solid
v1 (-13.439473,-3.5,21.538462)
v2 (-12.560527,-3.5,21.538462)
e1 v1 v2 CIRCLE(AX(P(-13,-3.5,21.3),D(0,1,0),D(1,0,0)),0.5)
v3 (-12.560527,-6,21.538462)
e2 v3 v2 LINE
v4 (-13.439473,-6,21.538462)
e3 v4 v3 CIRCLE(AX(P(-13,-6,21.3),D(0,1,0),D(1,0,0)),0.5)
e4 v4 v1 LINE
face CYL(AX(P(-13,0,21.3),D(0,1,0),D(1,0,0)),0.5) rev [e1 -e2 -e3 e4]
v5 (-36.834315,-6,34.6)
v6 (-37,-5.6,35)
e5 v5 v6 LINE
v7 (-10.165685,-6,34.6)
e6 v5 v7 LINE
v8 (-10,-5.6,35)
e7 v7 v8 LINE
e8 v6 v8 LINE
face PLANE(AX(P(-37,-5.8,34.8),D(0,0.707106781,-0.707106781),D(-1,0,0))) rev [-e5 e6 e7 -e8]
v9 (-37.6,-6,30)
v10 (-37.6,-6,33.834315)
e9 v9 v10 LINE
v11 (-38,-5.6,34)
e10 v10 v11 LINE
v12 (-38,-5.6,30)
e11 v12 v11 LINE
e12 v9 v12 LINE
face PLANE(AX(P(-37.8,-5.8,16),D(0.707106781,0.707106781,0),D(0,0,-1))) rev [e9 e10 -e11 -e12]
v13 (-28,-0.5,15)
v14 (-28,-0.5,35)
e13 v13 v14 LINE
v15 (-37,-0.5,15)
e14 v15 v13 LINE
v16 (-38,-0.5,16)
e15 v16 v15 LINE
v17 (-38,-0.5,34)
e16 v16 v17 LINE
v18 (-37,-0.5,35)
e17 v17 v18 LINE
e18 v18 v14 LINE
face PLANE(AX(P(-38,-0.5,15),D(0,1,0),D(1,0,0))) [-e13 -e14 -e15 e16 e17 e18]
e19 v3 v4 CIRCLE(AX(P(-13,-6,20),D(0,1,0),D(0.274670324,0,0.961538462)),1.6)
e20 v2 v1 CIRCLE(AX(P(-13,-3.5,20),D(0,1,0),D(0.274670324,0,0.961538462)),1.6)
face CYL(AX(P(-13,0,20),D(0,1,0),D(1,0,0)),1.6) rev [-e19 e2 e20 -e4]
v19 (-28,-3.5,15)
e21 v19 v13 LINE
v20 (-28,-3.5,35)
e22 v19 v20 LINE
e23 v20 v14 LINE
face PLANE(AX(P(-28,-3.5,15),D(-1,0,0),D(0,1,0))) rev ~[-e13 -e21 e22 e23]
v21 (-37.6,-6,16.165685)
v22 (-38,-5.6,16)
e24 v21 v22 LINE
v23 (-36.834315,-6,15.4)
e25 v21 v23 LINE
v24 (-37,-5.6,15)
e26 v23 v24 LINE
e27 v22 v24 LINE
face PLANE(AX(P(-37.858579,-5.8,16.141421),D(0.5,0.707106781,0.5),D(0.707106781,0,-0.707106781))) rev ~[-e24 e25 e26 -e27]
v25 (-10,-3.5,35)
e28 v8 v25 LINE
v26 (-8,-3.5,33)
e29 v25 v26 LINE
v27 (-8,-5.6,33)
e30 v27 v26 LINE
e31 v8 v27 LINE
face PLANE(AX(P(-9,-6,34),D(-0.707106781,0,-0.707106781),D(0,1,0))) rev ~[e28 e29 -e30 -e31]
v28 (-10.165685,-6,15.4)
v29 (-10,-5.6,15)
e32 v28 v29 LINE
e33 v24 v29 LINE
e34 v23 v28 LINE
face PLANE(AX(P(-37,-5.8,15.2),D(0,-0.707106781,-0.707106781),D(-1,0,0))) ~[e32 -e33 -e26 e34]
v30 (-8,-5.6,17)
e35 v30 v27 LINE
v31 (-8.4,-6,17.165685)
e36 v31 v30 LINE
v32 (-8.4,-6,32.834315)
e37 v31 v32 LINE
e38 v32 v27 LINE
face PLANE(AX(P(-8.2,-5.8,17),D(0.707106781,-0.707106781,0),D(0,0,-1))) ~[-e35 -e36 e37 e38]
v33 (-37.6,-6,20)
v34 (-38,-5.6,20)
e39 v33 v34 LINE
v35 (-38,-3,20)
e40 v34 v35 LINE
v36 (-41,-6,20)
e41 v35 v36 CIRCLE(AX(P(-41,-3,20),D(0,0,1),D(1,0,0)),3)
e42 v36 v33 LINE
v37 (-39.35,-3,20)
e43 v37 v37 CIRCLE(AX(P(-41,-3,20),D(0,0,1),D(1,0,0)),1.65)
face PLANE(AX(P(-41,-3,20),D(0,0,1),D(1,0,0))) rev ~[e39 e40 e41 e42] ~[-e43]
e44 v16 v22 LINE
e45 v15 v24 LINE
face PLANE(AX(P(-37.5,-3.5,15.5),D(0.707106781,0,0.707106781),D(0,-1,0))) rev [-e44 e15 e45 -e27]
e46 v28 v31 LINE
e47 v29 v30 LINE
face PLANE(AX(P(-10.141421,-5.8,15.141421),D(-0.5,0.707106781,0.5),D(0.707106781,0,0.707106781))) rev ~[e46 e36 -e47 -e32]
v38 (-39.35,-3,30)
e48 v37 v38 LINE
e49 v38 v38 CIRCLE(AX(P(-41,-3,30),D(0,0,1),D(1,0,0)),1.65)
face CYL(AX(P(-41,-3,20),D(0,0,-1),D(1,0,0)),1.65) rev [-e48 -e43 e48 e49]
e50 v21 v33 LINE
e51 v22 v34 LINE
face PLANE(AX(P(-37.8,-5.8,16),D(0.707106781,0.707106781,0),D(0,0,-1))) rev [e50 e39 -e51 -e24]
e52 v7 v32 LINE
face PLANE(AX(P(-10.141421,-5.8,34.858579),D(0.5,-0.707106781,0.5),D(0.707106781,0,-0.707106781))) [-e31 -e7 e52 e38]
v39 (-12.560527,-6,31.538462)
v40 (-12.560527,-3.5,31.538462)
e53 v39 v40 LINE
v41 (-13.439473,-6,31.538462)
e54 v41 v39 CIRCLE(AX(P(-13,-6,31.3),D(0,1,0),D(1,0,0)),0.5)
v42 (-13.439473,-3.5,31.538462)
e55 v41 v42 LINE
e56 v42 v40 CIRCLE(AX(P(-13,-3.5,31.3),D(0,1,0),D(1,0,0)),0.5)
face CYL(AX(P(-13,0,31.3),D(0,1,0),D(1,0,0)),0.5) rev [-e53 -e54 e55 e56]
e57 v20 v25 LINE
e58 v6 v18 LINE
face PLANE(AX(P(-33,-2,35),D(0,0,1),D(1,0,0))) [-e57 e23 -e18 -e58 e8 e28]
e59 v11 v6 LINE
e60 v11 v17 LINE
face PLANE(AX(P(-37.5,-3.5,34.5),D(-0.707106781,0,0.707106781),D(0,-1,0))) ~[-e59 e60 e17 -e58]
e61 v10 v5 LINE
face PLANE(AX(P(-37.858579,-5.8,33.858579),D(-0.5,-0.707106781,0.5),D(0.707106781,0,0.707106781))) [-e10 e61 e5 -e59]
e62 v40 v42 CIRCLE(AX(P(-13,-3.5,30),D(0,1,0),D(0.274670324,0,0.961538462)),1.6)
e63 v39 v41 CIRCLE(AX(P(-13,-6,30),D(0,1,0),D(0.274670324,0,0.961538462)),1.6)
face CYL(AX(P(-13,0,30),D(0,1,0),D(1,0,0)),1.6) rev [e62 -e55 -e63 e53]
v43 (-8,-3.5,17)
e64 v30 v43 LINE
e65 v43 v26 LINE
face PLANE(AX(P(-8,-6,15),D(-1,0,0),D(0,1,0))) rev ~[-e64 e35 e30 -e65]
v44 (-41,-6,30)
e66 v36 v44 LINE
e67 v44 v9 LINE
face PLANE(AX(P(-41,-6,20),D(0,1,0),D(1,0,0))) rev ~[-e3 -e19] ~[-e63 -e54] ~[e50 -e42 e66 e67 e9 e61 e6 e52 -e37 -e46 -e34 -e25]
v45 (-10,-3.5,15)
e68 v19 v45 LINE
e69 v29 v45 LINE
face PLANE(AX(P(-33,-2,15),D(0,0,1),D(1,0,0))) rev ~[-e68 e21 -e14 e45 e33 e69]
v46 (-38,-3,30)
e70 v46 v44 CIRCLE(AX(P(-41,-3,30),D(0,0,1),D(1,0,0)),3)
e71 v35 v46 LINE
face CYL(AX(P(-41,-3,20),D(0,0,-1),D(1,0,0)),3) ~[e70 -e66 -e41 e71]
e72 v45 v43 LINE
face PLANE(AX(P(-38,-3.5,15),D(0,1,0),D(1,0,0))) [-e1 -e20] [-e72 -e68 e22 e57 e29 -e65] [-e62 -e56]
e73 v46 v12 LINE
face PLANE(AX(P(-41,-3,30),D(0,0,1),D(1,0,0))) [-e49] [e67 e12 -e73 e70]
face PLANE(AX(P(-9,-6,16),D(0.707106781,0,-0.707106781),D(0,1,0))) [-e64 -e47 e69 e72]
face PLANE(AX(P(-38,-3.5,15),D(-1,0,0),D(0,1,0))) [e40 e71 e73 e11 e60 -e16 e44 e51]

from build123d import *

# Parameters (mm, degrees)
BOX027_W          = 10
BOX027_H          = 3
BOX027_DEPTH      = 20
CHAMFER013_SIZE   = 1
CYLINDER003_R     = 0.5
CYLINDER003_DEPTH = 10
CYLINDER002_R     = 0.5
CYLINDER002_DEPTH = 10
CYLINDER005_R     = 1.6
CYLINDER005_DEPTH = 10
CYLINDER004_R     = 1.6
CYLINDER004_DEPTH = 10
CYLINDER001_R     = 1.65
CYLINDER001_DEPTH = 10
BOX006_W          = 30
BOX006_H          = 3
BOX006_DEPTH      = 20
BOX007_W          = 4
BOX007_H          = 3
BOX007_DEPTH      = 10
CYLINDER_R        = 3
CYLINDER_DEPTH    = 10
BOX005_W          = 30
BOX005_H          = 3
BOX005_DEPTH      = 20
CHAMFER_SIZE      = 1
CHAMFER001_SIZE   = 2
CHAMFER002_SIZE   = 0.4


with BuildPart() as chamfer013:
    # Box027 → Box027 (new body)
    with BuildSketch(Plane(origin=(-38, -3.5, 15), x_dir=(1, 0, 0), z_dir=(0, 0, 1))):
        with Locations((5, 1.5)):
            Rectangle(BOX027_W, BOX027_H)
    extrude(amount=BOX027_DEPTH)

    # Chamfer013
    chamfer013_edges = [chamfer013.edges().sort_by_distance(p)[0] for p in [
        (-38, -2, 35),
        (-38, -2, 15),
    ]]
    chamfer(chamfer013_edges, length=CHAMFER013_SIZE)


with BuildPart() as cylinder003:
    # Cylinder003 → Cylinder003 (new body)
    with BuildSketch(Plane(origin=(25, 0, 15), x_dir=(1, 0, 0), z_dir=(0, -1, 0))):
        Circle(CYLINDER003_R)
    extrude(amount=CYLINDER003_DEPTH)


with BuildPart() as fusion002:
    # Cylinder002 → Cylinder002 (new body)
    with BuildSketch(Plane(origin=(25, 0, 5), x_dir=(1, 0, 0), z_dir=(0, -1, 0))):
        Circle(CYLINDER002_R)
    extrude(amount=CYLINDER002_DEPTH)

    # Fusion002: union Cylinder003
    add(cylinder003.part)


with BuildPart() as fusion002_1:
    # Fusion002 placement: moved
    add(fusion002.part.moved(Location((0, 0, 1.3))))


with BuildPart() as cylinder005:
    # Cylinder005 → Cylinder005 (new body)
    with BuildSketch(Plane(origin=(25, 0, 5), x_dir=(1, 0, 0), z_dir=(0, -1, 0))):
        Circle(CYLINDER005_R)
    extrude(amount=CYLINDER005_DEPTH)


with BuildPart() as fusion001:
    # Cylinder004 → Cylinder004 (new body)
    with BuildSketch(Plane(origin=(25, 0, 15), x_dir=(1, 0, 0), z_dir=(0, -1, 0))):
        Circle(CYLINDER004_R)
    extrude(amount=CYLINDER004_DEPTH)

    # Fusion001: union Cylinder005
    add(cylinder005.part)


with BuildPart() as cylinder001:
    # Cylinder001 → Cylinder001 (new body)
    with BuildSketch(Plane(origin=(-3, -3, 5), x_dir=(1, 0, 0), z_dir=(0, 0, 1))):
        Circle(CYLINDER001_R)
    extrude(amount=CYLINDER001_DEPTH)


with BuildPart() as cube004:
    # Box006 → Box006 (new body)
    with BuildSketch(Plane(origin=(0, -3.5, 0), x_dir=(1, 0, 0), z_dir=(0, 0, 1))):
        with Locations((15, 1.5)):
            Rectangle(BOX006_W, BOX006_H)
    extrude(amount=BOX006_DEPTH)


with BuildPart() as cube005:
    # Box007 → Box007 (new body)
    with BuildSketch(Plane(origin=(-3, -6, 5), x_dir=(1, 0, 0), z_dir=(0, 0, 1))):
        with Locations((2, 1.5)):
            Rectangle(BOX007_W, BOX007_H)
    extrude(amount=BOX007_DEPTH)


with BuildPart() as cylinder:
    # Cylinder → Cylinder (new body)
    with BuildSketch(Plane(origin=(-3, -3, 5), x_dir=(1, 0, 0), z_dir=(0, 0, 1))):
        Circle(CYLINDER_R)
    extrude(amount=CYLINDER_DEPTH)


with BuildPart() as arm_r2:
    # Box005 → Box005 (new body)
    with BuildSketch(Plane(origin=(0, -6, 0), x_dir=(1, 0, 0), z_dir=(0, 0, 1))):
        with Locations((15, 1.5)):
            Rectangle(BOX005_W, BOX005_H)
    extrude(amount=BOX005_DEPTH)

    # Chamfer
    chamfer_edges = [arm_r2.edges().sort_by_distance(p)[0] for p in [
        (0, -4.5, 20),
        (0, -4.5, 0),
    ]]
    chamfer(chamfer_edges, length=CHAMFER_SIZE)

    # Chamfer001
    chamfer001_edges = [arm_r2.edges().sort_by_distance(p)[0] for p in [
        (30, -4.5, 0),
        (30, -4.5, 20),
    ]]
    chamfer(chamfer001_edges, length=CHAMFER001_SIZE)

    # Chamfer002
    chamfer002_edges = [arm_r2.edges().sort_by_distance(p)[0] for p in [
        (14.5, -6, 0),
        (29, -6, 1),
        (0.5, -6, 0.5),
        (30, -6, 10),
        (0, -6, 10),
        (29, -6, 19),
        (0.5, -6, 19.5),
        (14.5, -6, 20),
    ]]
    chamfer(chamfer002_edges, length=CHAMFER002_SIZE)

    # Fusion: union Cube005, Cylinder
    add(cube005.part)
    add(cylinder.part)

    # Cut: cut Cube004
    add(cube004.part, mode=Mode.SUBTRACT)

    # Cut001: cut Cylinder001
    add(cylinder001.part, mode=Mode.SUBTRACT)

    # Cut002: cut Fusion001
    add(fusion001.part, mode=Mode.SUBTRACT)

    # Cut003: cut Fusion002
    add(fusion002_1.part, mode=Mode.SUBTRACT)


with BuildPart() as arm_r2_1:
    # Cut003 placement: moved
    add(arm_r2.part.moved(Location((-38, 0, 15))))

    # Fusion007007: union Chamfer013
    add(chamfer013.part)


solid = arm_r2_1.part
